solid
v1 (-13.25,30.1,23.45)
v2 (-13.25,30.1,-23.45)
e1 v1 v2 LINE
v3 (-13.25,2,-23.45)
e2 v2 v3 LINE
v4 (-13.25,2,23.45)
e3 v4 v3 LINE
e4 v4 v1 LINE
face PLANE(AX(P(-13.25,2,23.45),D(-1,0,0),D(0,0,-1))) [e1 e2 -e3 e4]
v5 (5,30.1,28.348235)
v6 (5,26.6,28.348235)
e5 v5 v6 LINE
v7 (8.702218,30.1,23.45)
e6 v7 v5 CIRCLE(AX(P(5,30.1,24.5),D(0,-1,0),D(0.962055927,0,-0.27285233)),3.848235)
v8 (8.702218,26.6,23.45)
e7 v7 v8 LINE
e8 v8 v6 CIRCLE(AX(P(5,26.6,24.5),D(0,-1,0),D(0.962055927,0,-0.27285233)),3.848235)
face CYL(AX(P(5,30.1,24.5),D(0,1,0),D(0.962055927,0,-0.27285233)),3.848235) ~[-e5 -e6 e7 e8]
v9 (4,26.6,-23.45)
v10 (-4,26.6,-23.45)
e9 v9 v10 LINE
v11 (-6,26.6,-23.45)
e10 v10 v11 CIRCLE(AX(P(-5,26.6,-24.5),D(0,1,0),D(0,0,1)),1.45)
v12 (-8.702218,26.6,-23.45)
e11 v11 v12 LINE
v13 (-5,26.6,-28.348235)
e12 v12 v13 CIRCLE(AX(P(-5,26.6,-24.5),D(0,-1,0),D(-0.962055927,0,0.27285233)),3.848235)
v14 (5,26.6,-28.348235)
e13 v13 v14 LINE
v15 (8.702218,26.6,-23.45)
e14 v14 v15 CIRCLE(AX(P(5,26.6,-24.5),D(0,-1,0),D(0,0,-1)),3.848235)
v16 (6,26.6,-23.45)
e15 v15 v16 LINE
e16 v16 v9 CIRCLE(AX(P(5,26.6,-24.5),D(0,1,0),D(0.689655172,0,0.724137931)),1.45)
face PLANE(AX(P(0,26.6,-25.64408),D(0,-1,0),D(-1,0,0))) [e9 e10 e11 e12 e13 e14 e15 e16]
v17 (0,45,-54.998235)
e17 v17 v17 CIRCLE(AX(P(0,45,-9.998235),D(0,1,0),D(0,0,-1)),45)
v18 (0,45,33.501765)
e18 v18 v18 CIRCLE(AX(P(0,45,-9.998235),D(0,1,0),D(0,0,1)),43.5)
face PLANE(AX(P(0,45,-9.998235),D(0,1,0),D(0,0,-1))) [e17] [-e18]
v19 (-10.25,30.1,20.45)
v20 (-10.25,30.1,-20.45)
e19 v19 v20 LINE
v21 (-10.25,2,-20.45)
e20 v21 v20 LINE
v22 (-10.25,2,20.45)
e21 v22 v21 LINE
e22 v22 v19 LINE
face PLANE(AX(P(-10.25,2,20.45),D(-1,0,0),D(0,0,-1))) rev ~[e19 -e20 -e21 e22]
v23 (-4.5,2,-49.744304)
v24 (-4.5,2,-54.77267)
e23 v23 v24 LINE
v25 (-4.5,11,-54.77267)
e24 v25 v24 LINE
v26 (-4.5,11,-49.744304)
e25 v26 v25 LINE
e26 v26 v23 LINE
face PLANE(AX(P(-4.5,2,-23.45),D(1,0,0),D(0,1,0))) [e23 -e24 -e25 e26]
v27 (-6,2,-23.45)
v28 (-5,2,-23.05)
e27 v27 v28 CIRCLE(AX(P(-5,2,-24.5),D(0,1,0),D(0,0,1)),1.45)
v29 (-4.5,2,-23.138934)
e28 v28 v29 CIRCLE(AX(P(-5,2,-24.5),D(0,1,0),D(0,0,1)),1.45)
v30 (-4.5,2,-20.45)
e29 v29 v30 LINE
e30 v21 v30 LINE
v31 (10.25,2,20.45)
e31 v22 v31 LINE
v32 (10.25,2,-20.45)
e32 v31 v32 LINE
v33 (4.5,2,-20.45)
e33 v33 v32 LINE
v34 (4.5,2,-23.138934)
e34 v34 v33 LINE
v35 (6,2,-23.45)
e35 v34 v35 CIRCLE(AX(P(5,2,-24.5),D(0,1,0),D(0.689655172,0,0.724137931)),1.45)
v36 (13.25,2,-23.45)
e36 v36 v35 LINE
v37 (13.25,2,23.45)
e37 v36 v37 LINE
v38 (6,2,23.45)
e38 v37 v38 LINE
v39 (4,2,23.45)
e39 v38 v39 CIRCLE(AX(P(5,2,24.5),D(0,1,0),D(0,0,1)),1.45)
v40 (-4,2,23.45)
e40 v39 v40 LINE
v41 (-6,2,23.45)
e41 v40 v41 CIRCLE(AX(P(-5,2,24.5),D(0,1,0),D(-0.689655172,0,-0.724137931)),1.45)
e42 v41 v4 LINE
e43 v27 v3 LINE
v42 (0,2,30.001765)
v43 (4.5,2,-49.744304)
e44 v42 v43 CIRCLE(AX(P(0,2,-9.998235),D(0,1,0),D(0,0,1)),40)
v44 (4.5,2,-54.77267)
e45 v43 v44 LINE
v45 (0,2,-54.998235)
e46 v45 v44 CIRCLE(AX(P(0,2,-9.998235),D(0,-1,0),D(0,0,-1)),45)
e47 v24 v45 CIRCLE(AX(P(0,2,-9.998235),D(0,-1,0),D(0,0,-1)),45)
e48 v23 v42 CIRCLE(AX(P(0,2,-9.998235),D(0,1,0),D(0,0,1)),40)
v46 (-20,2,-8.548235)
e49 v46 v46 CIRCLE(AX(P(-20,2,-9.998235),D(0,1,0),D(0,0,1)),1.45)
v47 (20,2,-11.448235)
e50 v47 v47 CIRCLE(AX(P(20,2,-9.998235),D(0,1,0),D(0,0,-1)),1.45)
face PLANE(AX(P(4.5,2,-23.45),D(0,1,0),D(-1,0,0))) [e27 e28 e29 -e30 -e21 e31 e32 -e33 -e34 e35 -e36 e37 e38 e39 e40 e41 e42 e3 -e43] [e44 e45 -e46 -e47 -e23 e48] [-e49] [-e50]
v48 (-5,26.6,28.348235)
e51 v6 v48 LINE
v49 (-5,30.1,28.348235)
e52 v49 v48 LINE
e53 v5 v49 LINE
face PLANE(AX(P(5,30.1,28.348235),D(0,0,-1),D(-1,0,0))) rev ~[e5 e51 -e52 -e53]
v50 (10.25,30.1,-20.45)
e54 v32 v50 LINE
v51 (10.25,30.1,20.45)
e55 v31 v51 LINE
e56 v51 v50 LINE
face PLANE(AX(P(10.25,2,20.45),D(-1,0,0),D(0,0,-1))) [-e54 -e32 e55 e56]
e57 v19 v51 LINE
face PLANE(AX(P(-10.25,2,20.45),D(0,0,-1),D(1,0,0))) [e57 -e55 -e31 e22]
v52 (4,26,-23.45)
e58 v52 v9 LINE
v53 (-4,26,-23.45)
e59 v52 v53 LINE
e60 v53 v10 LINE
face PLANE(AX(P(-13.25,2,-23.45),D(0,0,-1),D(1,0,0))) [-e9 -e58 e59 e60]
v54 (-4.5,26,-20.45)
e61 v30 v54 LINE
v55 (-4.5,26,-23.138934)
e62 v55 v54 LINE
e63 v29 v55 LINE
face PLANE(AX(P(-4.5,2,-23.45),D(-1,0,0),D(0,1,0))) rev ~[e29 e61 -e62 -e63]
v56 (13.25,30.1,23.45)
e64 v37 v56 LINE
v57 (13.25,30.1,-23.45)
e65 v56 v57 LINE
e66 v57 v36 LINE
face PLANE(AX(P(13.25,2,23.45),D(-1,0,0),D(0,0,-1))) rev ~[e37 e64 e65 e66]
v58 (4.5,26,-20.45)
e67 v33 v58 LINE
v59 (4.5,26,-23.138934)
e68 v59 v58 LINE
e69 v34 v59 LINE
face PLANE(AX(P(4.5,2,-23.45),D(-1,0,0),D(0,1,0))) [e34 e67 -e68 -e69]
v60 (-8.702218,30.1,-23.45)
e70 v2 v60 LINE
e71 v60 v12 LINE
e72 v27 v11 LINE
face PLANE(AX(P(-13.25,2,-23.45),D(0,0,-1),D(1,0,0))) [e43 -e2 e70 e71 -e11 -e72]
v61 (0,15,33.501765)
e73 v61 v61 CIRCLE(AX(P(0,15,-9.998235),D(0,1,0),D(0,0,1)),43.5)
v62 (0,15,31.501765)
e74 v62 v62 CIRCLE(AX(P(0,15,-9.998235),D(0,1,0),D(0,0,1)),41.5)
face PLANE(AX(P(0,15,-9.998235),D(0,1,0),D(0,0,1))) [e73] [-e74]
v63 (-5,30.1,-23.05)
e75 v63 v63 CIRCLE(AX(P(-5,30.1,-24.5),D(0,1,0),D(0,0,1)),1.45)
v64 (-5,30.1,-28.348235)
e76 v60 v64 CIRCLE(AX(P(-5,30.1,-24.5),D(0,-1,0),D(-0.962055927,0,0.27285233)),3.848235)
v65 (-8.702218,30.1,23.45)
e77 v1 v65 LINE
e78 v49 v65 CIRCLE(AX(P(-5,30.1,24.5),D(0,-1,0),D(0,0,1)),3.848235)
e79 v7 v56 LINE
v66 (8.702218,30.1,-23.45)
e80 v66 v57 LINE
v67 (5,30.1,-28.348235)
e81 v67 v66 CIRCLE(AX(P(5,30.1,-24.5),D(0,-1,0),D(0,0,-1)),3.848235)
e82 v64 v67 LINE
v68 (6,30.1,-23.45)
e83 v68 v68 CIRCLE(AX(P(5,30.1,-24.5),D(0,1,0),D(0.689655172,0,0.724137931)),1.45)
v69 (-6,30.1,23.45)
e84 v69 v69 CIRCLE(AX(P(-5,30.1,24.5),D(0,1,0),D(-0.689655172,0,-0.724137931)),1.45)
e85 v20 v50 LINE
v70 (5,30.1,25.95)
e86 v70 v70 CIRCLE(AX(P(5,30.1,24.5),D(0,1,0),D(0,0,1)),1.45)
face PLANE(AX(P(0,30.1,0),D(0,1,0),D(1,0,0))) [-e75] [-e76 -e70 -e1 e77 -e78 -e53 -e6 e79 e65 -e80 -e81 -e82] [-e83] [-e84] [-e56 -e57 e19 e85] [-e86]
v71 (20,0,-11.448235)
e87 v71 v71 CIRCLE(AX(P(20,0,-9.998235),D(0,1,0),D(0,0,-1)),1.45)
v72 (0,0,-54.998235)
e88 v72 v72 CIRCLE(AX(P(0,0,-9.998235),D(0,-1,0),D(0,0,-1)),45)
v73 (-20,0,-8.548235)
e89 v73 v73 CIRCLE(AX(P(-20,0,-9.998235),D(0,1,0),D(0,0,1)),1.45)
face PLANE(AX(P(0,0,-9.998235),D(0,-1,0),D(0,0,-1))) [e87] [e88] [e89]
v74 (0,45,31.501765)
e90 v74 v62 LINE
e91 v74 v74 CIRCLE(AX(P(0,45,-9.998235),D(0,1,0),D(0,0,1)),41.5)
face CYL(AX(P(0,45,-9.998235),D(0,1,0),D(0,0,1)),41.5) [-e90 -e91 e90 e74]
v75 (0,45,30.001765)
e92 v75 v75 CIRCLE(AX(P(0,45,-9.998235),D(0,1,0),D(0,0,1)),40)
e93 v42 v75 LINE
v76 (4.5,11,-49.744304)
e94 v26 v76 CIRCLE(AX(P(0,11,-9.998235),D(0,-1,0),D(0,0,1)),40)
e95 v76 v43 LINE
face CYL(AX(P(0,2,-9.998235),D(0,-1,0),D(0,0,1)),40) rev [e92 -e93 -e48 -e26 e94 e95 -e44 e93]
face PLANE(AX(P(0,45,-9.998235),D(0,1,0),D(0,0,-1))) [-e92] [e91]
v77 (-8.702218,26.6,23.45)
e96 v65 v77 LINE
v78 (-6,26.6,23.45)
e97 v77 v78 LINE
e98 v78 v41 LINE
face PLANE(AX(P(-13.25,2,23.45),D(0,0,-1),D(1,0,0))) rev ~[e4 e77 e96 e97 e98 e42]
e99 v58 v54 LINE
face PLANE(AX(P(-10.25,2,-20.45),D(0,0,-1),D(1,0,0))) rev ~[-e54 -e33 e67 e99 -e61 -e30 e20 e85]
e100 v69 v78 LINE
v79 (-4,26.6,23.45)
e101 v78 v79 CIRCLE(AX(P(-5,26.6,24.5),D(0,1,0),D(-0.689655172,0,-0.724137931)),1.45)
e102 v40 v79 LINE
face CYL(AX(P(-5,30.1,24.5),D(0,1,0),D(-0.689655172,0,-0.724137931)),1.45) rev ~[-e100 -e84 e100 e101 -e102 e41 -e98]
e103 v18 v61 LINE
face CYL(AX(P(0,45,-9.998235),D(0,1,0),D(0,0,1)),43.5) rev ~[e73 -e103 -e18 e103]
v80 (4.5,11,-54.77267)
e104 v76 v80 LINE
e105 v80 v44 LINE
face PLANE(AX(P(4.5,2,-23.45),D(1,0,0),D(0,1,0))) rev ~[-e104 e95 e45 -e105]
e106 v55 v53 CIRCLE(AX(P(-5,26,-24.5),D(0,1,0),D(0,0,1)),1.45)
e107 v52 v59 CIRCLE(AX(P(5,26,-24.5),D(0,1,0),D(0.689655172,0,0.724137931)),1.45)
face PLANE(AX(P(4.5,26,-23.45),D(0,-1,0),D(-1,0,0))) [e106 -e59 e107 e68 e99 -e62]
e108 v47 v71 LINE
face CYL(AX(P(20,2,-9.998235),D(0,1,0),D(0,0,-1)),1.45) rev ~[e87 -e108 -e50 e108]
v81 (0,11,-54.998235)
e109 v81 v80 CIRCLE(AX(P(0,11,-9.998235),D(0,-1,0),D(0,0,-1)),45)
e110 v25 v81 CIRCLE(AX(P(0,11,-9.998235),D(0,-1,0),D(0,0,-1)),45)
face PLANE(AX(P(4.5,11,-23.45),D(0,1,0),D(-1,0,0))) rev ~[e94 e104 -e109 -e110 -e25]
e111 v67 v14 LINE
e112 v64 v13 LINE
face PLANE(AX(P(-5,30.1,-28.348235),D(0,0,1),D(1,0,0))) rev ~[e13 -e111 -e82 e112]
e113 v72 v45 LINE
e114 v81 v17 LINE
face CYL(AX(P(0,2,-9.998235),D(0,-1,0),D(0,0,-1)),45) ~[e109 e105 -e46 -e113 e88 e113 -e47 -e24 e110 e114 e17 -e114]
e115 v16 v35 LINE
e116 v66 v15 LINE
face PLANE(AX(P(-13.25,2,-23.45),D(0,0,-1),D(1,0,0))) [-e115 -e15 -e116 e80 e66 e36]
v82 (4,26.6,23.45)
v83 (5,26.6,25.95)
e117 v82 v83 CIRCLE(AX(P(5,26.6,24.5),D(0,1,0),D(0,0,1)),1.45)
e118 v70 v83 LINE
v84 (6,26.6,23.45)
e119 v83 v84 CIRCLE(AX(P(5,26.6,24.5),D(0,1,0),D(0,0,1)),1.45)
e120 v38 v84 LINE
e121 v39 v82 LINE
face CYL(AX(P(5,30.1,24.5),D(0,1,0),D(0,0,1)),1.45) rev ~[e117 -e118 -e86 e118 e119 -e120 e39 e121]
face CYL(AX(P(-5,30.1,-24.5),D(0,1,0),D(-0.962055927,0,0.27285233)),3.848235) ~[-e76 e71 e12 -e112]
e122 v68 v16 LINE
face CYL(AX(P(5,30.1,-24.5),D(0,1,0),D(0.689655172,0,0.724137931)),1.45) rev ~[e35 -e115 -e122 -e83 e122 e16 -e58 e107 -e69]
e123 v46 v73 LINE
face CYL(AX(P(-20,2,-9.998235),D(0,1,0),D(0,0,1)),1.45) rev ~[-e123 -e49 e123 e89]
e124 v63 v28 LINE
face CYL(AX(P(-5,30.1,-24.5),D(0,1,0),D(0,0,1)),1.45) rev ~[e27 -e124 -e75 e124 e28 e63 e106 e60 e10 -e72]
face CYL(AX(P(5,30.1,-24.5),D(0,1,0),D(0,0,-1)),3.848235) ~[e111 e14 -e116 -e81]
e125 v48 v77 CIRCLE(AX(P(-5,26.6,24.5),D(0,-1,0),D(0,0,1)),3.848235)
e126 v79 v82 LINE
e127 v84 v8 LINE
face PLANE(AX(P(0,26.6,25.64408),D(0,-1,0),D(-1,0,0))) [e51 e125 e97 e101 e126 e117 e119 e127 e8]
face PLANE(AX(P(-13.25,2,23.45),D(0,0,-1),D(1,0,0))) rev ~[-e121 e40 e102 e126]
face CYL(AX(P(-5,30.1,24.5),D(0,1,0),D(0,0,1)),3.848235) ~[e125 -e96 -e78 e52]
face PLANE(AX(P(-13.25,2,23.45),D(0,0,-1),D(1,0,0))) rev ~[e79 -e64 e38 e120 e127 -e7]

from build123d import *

# Parameters (mm, degrees)
CROQUIS2_R              = 1.45
SALIENTE_EXTRUIR1_DEPTH = 2
CROQUIS3_W              = 26.5
CROQUIS3_H              = 46.9
CROQUIS3_W_2            = 20.5
CROQUIS3_H_2            = 40.9
SALIENTE_EXTRUIR2_DEPTH = 28.1
SALIENTE_EXTRUIR3_DEPTH = 3.5
CROQUIS5_R              = 1.45
CORTAR_EXTRUIR1_DEPTH   = 48.534565862
CROQUIS6_W              = 9
CROQUIS6_H              = 24
CORTAR_EXTRUIR2_DEPTH   = 3.5
CROQUIS7_R              = 45
SALIENTE_EXTRUIR4_DEPTH = 2
CROQUIS8_R              = 45
CROQUIS8_R_2            = 40
SALIENTE_EXTRUIR5_DEPTH = 43
CROQUIS9_R              = 43.5
CROQUIS9_R_2            = 41.5
CORTAR_EXTRUIR3_DEPTH   = 30
CROQUIS10_W             = 9
CROQUIS10_H             = 9
CORTAR_EXTRUIR4_DEPTH   = 87.409541035
CROQUIS11_R             = 1.45
CORTAR_EXTRUIR5_DEPTH   = 84.05905068


with BuildPart() as part:
    # Croquis2 → Saliente-Extruir1 (new body)
    with BuildSketch(Plane(origin=(0, 0, 0), x_dir=(1, 0, 0), z_dir=(0, 1, 0))):
        with BuildLine():
            Line((-23.45, 5), (-23.45, -5))
            ThreePointArc((-23.45, -5), (-22.439518395, -7.439518395), (-20, -8.45))
            Line((-20, -8.45), (-13.25, -8.45))
            Line((-13.25, -8.45), (-13.25, -23.45))
            Line((-13.25, -23.45), (13.25, -23.45))
            Line((13.25, -23.45), (13.25, -8.45))
            Line((13.25, -8.45), (20, -8.45))
            ThreePointArc((20, -8.45), (22.439518395, -7.439518395), (23.45, -5))
            Line((23.45, -5), (23.45, 5))
            ThreePointArc((23.45, 5), (22.439518395, 7.439518395), (20, 8.45))
            Line((20, 8.45), (13.25, 8.45))
            Line((13.25, 8.45), (13.25, 23.45))
            Line((13.25, 23.45), (-13.25, 23.45))
            Line((-13.25, 23.45), (-13.25, 8.45))
            Line((-13.25, 8.45), (-20, 8.45))
            ThreePointArc((-20, 8.45), (-22.439518395, 7.439518395), (-23.45, 5))
        make_face()
        with Locations(Location((-20, 5, 0), (0, 0, 270))):
            Circle(CROQUIS2_R, mode=Mode.SUBTRACT)
        with Locations(Location((-20, -5, 0), (0, 0, 90))):
            Circle(CROQUIS2_R, mode=Mode.SUBTRACT)
        with Locations(Location((20, -5, 0), (0, 0, 270))):
            Circle(CROQUIS2_R, mode=Mode.SUBTRACT)
        with Locations(Location((20, 5, 0), (0, 0, 90))):
            Circle(CROQUIS2_R, mode=Mode.SUBTRACT)
        with Locations(Location((-20, 0, 0), (0, 0, 270))):
            Circle(CROQUIS2_R, mode=Mode.SUBTRACT)
        with Locations(Location((20, 0, 0), (0, 0, 90))):
            Circle(CROQUIS2_R, mode=Mode.SUBTRACT)
    extrude(amount=SALIENTE_EXTRUIR1_DEPTH)

    # Croquis3 → Saliente-Extruir2 (add)
    with BuildSketch(Plane(origin=(0, 2, 0), x_dir=(1, 0, 0), z_dir=(0, 1, 0))):
        Rectangle(CROQUIS3_W, CROQUIS3_H)
        Rectangle(CROQUIS3_W_2, CROQUIS3_H_2, mode=Mode.SUBTRACT)
    extrude(amount=SALIENTE_EXTRUIR2_DEPTH)

    # Croquis4 → Saliente-Extruir3 (add)
    with BuildSketch(Plane(origin=(0, 30.1, 0), x_dir=(1, 0, 0), z_dir=(0, 1, 0))):
        with BuildLine():
            Line((-5, 28.348235425), (5, 28.348235425))
            ThreePointArc((5, 28.348235425), (8.069980707, 26.820373751), (8.702217698, 23.45))
            Line((8.702217698, 23.45), (-8.702217698, 23.45))
            ThreePointArc((-8.702217698, 23.45), (-8.069980707, 26.820373751), (-5, 28.348235425))
        make_face()
        with BuildLine():
            Line((-8.702217698, -23.45), (8.702217698, -23.45))
            ThreePointArc((8.702217698, -23.45), (8.069980707, -26.820373751), (5, -28.348235425))
            Line((5, -28.348235425), (-5, -28.348235425))
            ThreePointArc((-5, -28.348235425), (-8.069980707, -26.820373751), (-8.702217698, -23.45))
        make_face()
    extrude(amount=-SALIENTE_EXTRUIR3_DEPTH)

    # Croquis5 → Cortar-Extruir1 (cut, through all)
    with BuildSketch(Plane(origin=(0, 30.1, 0), x_dir=(1, 0, 0), z_dir=(0, 1, 0))):
        with Locations(Location((-5, 24.5, 0), (0, 0, 270))):
            Circle(CROQUIS5_R)
        with Locations(Location((5, 24.5, 0), (0, 0, 313.602818973))):
            Circle(CROQUIS5_R)
        with Locations(Location((5, -24.5, 0), (0, 0, 270))):
            Circle(CROQUIS5_R)
        with Locations(Location((-5, -24.5, 0), (0, 0, 133.602818973))):
            Circle(CROQUIS5_R)
    extrude(amount=-CORTAR_EXTRUIR1_DEPTH, mode=Mode.SUBTRACT)

    # Croquis6 → Cortar-Extruir2 (cut)
    with BuildSketch(Plane(origin=(0, 0, -23.45), x_dir=(-1, 0, 0), z_dir=(0, 0, -1))):
        with Locations((0, 14)):
            Rectangle(CROQUIS6_W, CROQUIS6_H)
    extrude(amount=-CORTAR_EXTRUIR2_DEPTH, mode=Mode.SUBTRACT)

    # Croquis7 → Saliente-Extruir4 (add)
    with BuildSketch(Plane.XZ):
        with Locations(Location((0, -9.998235425, 0), (0, 0, 270))):
            Circle(CROQUIS7_R)
    extrude(amount=-SALIENTE_EXTRUIR4_DEPTH)

    # Croquis8 → Saliente-Extruir5 (add)
    with BuildSketch(Plane(origin=(0, 2, 0), x_dir=(1, 0, 0), z_dir=(0, 1, 0))):
        with Locations(Location((0, 9.998235425, 0), (0, 0, 90))):
            Circle(CROQUIS8_R)
        with Locations(Location((0, 9.998235425, 0), (0, 0, 270))):
            Circle(CROQUIS8_R_2, mode=Mode.SUBTRACT)
    extrude(amount=SALIENTE_EXTRUIR5_DEPTH)

    # Croquis9 → Cortar-Extruir3 (cut)
    with BuildSketch(Plane(origin=(0, 45, 0), x_dir=(1, 0, 0), z_dir=(0, 1, 0))):
        with Locations(Location((0, 9.998235425, 0), (0, 0, 270))):
            Circle(CROQUIS9_R)
        with Locations(Location((0, 9.998235425, 0), (0, 0, 270))):
            Circle(CROQUIS9_R_2, mode=Mode.SUBTRACT)
    extrude(amount=-CORTAR_EXTRUIR3_DEPTH, mode=Mode.SUBTRACT)

    # Croquis10 → Cortar-Extruir4 (cut, through all)
    with BuildSketch(Plane(origin=(0, 0, -23.45), x_dir=(-1, 0, 0), z_dir=(0, 0, -1))):
        with Locations((0, 6.5)):
            Rectangle(CROQUIS10_W, CROQUIS10_H)
    extrude(amount=CORTAR_EXTRUIR4_DEPTH, mode=Mode.SUBTRACT)

    # Croquis11 → Cortar-Extruir5 (cut, through all)
    with BuildSketch(Plane(origin=(0, 2, 0), x_dir=(1, 0, 0), z_dir=(0, 1, 0))):
        with Locations(Location((-20, 9.998235425, 0), (0, 0, 270))):
            Circle(CROQUIS11_R)
        with Locations(Location((20, 9.998235425, 0), (0, 0, 90))):
            Circle(CROQUIS11_R)
    extrude(amount=-CORTAR_EXTRUIR5_DEPTH, mode=Mode.SUBTRACT)


solid = part.part
